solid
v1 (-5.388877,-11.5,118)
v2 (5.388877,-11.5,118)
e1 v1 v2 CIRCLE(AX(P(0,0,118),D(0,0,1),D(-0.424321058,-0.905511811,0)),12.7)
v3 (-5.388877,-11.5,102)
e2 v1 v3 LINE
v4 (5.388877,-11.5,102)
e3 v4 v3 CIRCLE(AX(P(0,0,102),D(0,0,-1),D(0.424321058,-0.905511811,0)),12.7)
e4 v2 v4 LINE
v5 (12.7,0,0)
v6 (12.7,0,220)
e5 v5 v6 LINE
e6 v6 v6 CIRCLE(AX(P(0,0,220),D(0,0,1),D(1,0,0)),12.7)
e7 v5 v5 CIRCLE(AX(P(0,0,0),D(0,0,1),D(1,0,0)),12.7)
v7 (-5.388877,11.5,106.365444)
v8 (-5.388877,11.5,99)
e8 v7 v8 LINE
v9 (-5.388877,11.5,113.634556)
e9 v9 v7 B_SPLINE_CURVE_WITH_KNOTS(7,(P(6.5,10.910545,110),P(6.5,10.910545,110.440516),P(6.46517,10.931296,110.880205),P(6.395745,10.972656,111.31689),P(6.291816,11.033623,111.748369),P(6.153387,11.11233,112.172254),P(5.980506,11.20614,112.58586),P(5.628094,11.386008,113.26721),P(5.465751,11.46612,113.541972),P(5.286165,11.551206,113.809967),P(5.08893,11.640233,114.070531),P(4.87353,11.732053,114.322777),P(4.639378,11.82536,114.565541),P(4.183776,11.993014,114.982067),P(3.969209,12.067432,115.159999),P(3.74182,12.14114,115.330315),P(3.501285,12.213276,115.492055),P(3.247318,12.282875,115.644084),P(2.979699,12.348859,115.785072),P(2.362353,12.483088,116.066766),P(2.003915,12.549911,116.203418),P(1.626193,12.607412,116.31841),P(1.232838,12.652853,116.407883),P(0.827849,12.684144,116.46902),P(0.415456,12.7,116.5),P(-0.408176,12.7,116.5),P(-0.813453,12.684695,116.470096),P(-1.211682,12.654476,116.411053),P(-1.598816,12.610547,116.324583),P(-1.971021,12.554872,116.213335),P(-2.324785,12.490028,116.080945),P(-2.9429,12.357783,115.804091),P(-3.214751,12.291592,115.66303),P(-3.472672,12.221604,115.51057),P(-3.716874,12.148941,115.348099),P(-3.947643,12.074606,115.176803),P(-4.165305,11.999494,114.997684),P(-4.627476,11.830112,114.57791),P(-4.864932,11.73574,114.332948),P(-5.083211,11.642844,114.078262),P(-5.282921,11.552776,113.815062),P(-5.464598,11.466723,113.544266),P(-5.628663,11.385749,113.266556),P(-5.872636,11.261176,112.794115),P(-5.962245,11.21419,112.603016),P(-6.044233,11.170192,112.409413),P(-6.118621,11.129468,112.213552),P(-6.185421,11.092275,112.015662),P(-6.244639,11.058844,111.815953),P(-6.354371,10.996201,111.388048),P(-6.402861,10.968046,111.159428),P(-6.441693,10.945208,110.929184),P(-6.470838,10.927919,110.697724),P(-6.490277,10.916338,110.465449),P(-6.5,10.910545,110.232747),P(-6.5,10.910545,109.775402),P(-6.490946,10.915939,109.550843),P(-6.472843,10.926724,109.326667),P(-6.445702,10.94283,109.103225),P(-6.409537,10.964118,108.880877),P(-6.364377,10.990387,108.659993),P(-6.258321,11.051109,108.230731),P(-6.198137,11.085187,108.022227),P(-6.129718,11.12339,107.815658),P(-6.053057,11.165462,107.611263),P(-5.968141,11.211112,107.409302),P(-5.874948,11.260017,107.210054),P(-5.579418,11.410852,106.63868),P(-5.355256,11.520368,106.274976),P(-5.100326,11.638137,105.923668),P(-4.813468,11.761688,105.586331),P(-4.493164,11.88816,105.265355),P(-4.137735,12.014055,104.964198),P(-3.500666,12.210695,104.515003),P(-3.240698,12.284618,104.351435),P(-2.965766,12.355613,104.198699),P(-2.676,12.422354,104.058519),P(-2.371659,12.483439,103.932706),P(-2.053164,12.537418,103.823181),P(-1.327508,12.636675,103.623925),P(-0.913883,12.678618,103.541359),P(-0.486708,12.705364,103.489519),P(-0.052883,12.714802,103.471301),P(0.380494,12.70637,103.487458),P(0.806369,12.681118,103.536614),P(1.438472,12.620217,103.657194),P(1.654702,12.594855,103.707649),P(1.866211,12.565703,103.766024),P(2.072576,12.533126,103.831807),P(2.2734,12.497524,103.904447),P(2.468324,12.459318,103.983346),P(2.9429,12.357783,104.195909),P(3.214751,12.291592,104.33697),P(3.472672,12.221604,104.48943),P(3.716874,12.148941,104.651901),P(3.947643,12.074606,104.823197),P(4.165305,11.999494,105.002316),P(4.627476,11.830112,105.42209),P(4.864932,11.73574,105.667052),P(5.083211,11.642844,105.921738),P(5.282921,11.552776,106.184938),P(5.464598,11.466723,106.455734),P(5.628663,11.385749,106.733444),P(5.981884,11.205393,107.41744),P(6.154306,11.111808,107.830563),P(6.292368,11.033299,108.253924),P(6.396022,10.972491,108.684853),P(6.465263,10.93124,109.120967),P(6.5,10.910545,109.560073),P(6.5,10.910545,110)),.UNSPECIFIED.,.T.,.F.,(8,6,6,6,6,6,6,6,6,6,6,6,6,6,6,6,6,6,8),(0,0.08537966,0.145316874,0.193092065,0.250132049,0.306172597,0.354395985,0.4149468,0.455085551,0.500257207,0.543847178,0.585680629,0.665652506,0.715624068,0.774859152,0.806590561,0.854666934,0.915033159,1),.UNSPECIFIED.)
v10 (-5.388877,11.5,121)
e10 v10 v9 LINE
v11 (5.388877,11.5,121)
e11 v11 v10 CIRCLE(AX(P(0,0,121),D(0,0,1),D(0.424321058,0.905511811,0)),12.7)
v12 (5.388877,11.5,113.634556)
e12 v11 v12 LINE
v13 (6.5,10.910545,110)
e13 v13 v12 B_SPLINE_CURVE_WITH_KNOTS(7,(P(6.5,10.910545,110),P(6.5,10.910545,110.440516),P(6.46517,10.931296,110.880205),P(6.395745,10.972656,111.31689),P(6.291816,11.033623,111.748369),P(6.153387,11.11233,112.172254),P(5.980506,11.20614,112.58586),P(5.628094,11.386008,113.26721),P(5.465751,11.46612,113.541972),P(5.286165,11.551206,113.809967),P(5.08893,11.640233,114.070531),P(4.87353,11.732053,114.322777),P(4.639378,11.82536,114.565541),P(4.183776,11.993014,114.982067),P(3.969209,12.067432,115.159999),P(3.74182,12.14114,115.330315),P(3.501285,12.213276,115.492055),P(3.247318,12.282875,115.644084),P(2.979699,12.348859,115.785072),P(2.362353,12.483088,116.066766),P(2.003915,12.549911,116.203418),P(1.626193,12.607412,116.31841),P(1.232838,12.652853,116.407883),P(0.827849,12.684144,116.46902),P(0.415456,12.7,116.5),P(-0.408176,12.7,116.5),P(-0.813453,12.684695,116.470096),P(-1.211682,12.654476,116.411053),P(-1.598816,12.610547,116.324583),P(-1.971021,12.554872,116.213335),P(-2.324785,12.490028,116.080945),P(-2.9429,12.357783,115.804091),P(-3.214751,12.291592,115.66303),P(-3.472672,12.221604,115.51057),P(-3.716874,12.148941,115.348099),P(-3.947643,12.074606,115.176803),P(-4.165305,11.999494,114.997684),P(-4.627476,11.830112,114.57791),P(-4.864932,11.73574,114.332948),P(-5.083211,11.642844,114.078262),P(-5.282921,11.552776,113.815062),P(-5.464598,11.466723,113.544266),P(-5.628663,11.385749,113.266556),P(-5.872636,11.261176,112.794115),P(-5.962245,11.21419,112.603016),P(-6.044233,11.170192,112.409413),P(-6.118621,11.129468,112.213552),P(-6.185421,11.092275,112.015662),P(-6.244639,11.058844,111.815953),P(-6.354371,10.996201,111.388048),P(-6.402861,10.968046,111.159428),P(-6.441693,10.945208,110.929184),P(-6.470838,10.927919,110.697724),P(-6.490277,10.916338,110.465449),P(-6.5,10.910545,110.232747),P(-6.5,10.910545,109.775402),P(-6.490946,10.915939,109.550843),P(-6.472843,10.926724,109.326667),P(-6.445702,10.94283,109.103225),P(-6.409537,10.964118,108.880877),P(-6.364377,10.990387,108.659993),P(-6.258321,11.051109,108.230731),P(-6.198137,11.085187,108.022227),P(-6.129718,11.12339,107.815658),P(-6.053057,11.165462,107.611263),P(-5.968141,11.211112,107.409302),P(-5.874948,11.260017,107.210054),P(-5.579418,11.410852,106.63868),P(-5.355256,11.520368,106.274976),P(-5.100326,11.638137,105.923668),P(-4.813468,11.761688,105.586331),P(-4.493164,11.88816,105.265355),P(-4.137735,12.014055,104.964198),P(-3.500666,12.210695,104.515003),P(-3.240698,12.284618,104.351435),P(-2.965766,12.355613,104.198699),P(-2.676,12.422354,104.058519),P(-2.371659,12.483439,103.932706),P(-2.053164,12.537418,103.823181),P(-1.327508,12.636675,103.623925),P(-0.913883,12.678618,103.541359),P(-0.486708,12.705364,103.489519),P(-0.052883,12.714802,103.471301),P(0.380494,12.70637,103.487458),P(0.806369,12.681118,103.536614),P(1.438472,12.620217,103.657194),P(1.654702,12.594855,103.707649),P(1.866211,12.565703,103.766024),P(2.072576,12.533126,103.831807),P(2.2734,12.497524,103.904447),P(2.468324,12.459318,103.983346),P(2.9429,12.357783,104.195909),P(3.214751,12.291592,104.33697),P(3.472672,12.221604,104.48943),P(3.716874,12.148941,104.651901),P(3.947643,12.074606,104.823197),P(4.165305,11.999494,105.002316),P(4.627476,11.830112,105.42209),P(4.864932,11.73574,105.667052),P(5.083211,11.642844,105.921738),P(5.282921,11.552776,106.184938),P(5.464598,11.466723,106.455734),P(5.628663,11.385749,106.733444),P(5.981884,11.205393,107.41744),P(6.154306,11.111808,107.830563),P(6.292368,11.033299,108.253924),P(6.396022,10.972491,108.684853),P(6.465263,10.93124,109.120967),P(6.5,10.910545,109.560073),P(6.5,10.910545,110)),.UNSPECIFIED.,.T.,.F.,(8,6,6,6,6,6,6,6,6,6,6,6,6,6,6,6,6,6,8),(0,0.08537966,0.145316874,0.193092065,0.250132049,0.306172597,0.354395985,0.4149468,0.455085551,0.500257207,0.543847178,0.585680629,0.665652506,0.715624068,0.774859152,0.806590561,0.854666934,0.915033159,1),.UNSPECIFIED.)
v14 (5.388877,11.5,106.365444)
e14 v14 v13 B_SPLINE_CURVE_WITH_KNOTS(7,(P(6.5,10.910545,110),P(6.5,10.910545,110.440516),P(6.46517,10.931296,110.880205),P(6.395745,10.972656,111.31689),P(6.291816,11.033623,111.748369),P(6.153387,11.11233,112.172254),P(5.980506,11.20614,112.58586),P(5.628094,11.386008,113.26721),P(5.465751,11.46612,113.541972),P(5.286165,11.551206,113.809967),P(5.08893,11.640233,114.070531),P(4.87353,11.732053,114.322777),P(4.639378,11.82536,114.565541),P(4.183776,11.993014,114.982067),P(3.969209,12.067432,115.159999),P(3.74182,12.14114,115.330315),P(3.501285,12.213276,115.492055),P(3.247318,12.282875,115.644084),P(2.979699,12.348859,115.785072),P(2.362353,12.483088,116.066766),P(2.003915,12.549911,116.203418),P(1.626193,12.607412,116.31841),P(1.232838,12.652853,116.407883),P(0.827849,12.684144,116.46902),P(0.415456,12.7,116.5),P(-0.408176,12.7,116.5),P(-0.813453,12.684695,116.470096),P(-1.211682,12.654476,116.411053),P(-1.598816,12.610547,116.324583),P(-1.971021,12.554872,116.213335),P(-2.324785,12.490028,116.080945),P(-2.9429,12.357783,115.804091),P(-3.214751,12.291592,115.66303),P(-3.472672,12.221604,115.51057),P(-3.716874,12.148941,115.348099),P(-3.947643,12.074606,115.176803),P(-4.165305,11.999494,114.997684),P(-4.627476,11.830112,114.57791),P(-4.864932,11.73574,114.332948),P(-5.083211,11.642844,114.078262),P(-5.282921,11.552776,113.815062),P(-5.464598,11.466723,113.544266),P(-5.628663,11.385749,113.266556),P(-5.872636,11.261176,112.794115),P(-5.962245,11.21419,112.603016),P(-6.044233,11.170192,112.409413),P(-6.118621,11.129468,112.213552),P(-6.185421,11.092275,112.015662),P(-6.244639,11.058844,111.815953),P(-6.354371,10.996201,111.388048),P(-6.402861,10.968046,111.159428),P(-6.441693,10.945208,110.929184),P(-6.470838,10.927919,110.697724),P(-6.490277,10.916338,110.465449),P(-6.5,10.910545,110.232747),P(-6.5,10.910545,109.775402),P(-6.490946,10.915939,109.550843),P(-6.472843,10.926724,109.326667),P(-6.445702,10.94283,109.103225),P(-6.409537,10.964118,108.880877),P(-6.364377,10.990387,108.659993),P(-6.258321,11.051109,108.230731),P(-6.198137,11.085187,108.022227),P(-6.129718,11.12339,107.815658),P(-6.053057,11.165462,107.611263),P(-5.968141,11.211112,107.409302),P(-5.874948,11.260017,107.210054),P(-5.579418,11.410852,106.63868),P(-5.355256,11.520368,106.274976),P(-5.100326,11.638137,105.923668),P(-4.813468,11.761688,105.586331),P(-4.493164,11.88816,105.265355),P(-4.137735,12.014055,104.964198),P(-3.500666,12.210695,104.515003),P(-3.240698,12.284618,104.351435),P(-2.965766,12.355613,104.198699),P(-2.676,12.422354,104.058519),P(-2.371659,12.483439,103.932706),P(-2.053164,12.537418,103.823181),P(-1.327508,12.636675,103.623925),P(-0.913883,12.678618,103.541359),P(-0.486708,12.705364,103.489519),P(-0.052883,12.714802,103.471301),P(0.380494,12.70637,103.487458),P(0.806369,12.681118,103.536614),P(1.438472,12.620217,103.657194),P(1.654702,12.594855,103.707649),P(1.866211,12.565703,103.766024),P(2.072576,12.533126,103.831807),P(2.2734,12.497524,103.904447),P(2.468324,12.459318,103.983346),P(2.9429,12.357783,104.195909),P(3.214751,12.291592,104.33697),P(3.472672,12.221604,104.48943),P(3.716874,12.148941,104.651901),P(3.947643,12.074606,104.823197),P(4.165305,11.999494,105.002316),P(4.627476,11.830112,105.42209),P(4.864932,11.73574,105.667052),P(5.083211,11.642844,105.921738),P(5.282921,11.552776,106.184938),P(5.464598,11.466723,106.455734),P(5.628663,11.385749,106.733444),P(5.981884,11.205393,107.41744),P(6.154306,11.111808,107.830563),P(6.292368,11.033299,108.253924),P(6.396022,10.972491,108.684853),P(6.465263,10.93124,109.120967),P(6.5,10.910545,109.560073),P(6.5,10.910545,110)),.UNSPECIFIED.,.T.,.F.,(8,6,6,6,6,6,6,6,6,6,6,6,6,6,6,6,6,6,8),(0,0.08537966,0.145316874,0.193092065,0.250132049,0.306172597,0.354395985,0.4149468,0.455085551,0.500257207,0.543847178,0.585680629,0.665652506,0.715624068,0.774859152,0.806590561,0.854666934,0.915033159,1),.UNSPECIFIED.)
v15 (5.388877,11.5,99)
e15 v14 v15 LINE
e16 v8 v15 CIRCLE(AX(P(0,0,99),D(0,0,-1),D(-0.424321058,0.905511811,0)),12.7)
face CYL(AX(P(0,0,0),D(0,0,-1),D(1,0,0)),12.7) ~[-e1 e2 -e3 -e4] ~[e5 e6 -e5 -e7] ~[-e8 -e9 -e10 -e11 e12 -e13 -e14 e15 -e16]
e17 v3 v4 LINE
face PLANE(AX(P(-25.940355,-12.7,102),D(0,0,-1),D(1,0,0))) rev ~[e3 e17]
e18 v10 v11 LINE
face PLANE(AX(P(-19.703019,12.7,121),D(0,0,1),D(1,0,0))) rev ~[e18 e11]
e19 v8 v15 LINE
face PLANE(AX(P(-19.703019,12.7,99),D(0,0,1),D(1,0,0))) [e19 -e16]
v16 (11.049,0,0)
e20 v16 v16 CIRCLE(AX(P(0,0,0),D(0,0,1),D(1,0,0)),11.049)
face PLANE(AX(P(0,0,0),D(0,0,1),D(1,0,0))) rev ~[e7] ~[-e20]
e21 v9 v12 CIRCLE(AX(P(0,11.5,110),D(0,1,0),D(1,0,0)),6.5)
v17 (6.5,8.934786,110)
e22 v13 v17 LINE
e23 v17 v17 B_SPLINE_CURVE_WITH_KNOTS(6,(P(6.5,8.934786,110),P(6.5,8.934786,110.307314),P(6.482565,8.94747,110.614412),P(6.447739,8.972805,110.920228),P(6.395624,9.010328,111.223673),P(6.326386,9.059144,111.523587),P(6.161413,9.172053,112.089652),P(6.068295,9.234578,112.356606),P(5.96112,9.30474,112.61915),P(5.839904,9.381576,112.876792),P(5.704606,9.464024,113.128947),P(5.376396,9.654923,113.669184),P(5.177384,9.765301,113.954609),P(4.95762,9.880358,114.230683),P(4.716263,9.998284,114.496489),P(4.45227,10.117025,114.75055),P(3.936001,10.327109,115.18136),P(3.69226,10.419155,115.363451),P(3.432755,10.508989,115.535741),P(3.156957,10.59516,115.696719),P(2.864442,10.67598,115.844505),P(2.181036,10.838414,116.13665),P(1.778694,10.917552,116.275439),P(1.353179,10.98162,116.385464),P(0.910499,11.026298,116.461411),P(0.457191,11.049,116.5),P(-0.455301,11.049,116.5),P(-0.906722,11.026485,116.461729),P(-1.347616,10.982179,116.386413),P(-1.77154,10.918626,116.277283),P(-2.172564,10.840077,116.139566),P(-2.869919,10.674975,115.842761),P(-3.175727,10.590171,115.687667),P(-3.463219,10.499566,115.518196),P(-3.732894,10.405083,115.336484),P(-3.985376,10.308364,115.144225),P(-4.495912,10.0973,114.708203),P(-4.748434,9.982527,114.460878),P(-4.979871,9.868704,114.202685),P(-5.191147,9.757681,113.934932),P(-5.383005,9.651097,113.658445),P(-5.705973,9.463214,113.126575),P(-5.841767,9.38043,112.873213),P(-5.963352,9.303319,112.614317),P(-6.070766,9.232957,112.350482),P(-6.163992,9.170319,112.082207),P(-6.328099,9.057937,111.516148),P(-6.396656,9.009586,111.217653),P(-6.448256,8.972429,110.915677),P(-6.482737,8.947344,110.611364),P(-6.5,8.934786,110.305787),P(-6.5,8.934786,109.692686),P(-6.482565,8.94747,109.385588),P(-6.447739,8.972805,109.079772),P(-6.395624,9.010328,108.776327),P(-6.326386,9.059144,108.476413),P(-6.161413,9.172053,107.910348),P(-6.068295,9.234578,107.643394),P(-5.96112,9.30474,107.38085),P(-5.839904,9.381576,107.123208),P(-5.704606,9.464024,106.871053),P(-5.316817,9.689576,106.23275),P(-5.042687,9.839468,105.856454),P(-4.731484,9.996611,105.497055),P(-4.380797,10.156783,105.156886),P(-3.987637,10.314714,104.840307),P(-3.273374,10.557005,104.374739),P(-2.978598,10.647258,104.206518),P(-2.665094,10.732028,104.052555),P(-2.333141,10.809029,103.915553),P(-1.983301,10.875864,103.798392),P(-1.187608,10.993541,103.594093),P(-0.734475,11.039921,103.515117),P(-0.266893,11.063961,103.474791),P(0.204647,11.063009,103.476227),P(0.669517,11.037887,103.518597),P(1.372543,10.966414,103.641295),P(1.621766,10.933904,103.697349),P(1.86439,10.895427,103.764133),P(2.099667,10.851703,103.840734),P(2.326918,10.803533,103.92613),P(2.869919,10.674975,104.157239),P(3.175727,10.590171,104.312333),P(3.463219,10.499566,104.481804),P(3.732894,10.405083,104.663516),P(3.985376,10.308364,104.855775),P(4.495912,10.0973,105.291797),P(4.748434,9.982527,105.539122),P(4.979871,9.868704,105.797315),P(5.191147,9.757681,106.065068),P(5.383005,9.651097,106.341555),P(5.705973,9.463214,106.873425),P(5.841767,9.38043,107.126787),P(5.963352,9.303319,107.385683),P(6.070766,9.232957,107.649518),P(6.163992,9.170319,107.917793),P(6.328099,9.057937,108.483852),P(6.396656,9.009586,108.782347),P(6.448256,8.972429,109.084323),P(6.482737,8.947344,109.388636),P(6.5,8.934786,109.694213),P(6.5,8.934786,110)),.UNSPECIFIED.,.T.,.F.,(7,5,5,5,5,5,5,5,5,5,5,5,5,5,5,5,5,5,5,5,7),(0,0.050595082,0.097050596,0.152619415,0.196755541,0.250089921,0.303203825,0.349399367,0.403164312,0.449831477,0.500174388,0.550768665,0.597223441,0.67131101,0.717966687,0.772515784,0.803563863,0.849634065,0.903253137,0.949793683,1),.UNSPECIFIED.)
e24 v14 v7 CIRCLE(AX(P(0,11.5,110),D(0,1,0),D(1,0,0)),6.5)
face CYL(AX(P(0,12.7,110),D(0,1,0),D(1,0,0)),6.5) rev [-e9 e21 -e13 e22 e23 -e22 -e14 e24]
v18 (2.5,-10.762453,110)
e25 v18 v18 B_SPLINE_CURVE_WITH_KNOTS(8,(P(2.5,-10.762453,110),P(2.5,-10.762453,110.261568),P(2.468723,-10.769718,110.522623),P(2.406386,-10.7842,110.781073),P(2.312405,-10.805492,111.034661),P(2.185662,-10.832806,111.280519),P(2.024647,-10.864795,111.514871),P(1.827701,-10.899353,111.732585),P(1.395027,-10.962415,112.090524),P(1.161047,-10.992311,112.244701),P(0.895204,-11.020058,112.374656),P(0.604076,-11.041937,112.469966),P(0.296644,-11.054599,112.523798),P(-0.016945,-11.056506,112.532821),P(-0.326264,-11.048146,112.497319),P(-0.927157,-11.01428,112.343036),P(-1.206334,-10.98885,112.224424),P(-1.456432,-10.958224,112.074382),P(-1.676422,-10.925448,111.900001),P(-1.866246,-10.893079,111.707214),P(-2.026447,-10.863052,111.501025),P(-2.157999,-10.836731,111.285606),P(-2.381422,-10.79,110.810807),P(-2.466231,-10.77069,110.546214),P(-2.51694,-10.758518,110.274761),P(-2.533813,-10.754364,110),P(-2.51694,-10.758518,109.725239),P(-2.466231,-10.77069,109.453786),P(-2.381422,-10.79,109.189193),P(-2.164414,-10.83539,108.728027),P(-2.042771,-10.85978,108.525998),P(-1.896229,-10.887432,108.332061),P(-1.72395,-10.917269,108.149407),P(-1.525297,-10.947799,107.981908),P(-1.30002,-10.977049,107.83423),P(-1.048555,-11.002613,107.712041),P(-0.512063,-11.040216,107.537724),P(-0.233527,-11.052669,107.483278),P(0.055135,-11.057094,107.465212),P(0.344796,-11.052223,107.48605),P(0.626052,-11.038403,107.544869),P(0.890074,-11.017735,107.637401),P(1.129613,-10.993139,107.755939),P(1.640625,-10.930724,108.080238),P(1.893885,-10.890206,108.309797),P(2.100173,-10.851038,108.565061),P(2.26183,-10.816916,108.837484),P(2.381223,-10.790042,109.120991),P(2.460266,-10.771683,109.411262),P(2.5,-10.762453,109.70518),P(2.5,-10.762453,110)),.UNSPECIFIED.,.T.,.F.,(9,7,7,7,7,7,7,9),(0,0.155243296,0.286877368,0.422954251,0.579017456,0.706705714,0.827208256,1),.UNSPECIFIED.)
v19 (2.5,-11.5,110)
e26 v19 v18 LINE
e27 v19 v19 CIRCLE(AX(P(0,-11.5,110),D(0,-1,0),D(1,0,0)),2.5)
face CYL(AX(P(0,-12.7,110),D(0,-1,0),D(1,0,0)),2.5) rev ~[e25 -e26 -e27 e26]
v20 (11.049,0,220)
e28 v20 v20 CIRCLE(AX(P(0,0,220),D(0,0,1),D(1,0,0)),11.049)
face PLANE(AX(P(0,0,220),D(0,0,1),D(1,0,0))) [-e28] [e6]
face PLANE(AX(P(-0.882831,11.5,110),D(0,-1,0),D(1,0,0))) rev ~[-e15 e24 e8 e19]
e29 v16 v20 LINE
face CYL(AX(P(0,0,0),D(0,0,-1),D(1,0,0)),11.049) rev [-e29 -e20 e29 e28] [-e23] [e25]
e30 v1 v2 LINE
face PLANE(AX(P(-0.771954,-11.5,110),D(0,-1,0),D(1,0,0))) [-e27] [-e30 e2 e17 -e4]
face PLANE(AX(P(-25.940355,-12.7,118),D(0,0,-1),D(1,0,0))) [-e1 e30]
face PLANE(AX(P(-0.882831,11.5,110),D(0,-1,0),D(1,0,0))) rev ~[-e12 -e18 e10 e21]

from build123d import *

# Parameters (mm, degrees)
F0_R      = 12.7
F0_R_2    = 11.049
F1_DEPTH  = 220
F5_R      = 6.5
F6_DEPTH  = 15
F7_W      = 37.640377
F7_H      = 22
F8_DEPTH  = 1.2
F9_R      = 2.5
F10_DEPTH = 15
F11_W     = 50.336801
F11_H     = 16
F12_DEPTH = 1.2


with BuildPart() as f1:
    # F0 (on Top) → F1 (new body)
    with BuildSketch(Plane.XY):
        Circle(F0_R)
        Circle(F0_R_2, mode=Mode.SUBTRACT)
    extrude(amount=F1_DEPTH)

    # F5 (on offset) → F6 (cut)
    with BuildSketch(Plane.XZ.offset(-12.7)):
        with Locations((0, 110)):
            Circle(F5_R)
    extrude(amount=F6_DEPTH, mode=Mode.SUBTRACT)

    # F7 (on offset) → F8 (cut)
    with BuildSketch(Plane.XZ.offset(-12.7)):
        with Locations((-0.882831, 110)):
            Rectangle(F7_W, F7_H)
    extrude(amount=F8_DEPTH, mode=Mode.SUBTRACT)

    # F9 (on offset) → F10 (cut)
    with BuildSketch(Plane.XZ.offset(12.7)):
        with Locations((0, 110)):
            Circle(F9_R)
    extrude(amount=-F10_DEPTH, mode=Mode.SUBTRACT)

    # F11 (on offset) → F12 (cut)
    with BuildSketch(Plane.XZ.offset(12.7)):
        with Locations((-0.771954, 110)):
            Rectangle(F11_W, F11_H)
    extrude(amount=-F12_DEPTH, mode=Mode.SUBTRACT)


solid = f1.part
